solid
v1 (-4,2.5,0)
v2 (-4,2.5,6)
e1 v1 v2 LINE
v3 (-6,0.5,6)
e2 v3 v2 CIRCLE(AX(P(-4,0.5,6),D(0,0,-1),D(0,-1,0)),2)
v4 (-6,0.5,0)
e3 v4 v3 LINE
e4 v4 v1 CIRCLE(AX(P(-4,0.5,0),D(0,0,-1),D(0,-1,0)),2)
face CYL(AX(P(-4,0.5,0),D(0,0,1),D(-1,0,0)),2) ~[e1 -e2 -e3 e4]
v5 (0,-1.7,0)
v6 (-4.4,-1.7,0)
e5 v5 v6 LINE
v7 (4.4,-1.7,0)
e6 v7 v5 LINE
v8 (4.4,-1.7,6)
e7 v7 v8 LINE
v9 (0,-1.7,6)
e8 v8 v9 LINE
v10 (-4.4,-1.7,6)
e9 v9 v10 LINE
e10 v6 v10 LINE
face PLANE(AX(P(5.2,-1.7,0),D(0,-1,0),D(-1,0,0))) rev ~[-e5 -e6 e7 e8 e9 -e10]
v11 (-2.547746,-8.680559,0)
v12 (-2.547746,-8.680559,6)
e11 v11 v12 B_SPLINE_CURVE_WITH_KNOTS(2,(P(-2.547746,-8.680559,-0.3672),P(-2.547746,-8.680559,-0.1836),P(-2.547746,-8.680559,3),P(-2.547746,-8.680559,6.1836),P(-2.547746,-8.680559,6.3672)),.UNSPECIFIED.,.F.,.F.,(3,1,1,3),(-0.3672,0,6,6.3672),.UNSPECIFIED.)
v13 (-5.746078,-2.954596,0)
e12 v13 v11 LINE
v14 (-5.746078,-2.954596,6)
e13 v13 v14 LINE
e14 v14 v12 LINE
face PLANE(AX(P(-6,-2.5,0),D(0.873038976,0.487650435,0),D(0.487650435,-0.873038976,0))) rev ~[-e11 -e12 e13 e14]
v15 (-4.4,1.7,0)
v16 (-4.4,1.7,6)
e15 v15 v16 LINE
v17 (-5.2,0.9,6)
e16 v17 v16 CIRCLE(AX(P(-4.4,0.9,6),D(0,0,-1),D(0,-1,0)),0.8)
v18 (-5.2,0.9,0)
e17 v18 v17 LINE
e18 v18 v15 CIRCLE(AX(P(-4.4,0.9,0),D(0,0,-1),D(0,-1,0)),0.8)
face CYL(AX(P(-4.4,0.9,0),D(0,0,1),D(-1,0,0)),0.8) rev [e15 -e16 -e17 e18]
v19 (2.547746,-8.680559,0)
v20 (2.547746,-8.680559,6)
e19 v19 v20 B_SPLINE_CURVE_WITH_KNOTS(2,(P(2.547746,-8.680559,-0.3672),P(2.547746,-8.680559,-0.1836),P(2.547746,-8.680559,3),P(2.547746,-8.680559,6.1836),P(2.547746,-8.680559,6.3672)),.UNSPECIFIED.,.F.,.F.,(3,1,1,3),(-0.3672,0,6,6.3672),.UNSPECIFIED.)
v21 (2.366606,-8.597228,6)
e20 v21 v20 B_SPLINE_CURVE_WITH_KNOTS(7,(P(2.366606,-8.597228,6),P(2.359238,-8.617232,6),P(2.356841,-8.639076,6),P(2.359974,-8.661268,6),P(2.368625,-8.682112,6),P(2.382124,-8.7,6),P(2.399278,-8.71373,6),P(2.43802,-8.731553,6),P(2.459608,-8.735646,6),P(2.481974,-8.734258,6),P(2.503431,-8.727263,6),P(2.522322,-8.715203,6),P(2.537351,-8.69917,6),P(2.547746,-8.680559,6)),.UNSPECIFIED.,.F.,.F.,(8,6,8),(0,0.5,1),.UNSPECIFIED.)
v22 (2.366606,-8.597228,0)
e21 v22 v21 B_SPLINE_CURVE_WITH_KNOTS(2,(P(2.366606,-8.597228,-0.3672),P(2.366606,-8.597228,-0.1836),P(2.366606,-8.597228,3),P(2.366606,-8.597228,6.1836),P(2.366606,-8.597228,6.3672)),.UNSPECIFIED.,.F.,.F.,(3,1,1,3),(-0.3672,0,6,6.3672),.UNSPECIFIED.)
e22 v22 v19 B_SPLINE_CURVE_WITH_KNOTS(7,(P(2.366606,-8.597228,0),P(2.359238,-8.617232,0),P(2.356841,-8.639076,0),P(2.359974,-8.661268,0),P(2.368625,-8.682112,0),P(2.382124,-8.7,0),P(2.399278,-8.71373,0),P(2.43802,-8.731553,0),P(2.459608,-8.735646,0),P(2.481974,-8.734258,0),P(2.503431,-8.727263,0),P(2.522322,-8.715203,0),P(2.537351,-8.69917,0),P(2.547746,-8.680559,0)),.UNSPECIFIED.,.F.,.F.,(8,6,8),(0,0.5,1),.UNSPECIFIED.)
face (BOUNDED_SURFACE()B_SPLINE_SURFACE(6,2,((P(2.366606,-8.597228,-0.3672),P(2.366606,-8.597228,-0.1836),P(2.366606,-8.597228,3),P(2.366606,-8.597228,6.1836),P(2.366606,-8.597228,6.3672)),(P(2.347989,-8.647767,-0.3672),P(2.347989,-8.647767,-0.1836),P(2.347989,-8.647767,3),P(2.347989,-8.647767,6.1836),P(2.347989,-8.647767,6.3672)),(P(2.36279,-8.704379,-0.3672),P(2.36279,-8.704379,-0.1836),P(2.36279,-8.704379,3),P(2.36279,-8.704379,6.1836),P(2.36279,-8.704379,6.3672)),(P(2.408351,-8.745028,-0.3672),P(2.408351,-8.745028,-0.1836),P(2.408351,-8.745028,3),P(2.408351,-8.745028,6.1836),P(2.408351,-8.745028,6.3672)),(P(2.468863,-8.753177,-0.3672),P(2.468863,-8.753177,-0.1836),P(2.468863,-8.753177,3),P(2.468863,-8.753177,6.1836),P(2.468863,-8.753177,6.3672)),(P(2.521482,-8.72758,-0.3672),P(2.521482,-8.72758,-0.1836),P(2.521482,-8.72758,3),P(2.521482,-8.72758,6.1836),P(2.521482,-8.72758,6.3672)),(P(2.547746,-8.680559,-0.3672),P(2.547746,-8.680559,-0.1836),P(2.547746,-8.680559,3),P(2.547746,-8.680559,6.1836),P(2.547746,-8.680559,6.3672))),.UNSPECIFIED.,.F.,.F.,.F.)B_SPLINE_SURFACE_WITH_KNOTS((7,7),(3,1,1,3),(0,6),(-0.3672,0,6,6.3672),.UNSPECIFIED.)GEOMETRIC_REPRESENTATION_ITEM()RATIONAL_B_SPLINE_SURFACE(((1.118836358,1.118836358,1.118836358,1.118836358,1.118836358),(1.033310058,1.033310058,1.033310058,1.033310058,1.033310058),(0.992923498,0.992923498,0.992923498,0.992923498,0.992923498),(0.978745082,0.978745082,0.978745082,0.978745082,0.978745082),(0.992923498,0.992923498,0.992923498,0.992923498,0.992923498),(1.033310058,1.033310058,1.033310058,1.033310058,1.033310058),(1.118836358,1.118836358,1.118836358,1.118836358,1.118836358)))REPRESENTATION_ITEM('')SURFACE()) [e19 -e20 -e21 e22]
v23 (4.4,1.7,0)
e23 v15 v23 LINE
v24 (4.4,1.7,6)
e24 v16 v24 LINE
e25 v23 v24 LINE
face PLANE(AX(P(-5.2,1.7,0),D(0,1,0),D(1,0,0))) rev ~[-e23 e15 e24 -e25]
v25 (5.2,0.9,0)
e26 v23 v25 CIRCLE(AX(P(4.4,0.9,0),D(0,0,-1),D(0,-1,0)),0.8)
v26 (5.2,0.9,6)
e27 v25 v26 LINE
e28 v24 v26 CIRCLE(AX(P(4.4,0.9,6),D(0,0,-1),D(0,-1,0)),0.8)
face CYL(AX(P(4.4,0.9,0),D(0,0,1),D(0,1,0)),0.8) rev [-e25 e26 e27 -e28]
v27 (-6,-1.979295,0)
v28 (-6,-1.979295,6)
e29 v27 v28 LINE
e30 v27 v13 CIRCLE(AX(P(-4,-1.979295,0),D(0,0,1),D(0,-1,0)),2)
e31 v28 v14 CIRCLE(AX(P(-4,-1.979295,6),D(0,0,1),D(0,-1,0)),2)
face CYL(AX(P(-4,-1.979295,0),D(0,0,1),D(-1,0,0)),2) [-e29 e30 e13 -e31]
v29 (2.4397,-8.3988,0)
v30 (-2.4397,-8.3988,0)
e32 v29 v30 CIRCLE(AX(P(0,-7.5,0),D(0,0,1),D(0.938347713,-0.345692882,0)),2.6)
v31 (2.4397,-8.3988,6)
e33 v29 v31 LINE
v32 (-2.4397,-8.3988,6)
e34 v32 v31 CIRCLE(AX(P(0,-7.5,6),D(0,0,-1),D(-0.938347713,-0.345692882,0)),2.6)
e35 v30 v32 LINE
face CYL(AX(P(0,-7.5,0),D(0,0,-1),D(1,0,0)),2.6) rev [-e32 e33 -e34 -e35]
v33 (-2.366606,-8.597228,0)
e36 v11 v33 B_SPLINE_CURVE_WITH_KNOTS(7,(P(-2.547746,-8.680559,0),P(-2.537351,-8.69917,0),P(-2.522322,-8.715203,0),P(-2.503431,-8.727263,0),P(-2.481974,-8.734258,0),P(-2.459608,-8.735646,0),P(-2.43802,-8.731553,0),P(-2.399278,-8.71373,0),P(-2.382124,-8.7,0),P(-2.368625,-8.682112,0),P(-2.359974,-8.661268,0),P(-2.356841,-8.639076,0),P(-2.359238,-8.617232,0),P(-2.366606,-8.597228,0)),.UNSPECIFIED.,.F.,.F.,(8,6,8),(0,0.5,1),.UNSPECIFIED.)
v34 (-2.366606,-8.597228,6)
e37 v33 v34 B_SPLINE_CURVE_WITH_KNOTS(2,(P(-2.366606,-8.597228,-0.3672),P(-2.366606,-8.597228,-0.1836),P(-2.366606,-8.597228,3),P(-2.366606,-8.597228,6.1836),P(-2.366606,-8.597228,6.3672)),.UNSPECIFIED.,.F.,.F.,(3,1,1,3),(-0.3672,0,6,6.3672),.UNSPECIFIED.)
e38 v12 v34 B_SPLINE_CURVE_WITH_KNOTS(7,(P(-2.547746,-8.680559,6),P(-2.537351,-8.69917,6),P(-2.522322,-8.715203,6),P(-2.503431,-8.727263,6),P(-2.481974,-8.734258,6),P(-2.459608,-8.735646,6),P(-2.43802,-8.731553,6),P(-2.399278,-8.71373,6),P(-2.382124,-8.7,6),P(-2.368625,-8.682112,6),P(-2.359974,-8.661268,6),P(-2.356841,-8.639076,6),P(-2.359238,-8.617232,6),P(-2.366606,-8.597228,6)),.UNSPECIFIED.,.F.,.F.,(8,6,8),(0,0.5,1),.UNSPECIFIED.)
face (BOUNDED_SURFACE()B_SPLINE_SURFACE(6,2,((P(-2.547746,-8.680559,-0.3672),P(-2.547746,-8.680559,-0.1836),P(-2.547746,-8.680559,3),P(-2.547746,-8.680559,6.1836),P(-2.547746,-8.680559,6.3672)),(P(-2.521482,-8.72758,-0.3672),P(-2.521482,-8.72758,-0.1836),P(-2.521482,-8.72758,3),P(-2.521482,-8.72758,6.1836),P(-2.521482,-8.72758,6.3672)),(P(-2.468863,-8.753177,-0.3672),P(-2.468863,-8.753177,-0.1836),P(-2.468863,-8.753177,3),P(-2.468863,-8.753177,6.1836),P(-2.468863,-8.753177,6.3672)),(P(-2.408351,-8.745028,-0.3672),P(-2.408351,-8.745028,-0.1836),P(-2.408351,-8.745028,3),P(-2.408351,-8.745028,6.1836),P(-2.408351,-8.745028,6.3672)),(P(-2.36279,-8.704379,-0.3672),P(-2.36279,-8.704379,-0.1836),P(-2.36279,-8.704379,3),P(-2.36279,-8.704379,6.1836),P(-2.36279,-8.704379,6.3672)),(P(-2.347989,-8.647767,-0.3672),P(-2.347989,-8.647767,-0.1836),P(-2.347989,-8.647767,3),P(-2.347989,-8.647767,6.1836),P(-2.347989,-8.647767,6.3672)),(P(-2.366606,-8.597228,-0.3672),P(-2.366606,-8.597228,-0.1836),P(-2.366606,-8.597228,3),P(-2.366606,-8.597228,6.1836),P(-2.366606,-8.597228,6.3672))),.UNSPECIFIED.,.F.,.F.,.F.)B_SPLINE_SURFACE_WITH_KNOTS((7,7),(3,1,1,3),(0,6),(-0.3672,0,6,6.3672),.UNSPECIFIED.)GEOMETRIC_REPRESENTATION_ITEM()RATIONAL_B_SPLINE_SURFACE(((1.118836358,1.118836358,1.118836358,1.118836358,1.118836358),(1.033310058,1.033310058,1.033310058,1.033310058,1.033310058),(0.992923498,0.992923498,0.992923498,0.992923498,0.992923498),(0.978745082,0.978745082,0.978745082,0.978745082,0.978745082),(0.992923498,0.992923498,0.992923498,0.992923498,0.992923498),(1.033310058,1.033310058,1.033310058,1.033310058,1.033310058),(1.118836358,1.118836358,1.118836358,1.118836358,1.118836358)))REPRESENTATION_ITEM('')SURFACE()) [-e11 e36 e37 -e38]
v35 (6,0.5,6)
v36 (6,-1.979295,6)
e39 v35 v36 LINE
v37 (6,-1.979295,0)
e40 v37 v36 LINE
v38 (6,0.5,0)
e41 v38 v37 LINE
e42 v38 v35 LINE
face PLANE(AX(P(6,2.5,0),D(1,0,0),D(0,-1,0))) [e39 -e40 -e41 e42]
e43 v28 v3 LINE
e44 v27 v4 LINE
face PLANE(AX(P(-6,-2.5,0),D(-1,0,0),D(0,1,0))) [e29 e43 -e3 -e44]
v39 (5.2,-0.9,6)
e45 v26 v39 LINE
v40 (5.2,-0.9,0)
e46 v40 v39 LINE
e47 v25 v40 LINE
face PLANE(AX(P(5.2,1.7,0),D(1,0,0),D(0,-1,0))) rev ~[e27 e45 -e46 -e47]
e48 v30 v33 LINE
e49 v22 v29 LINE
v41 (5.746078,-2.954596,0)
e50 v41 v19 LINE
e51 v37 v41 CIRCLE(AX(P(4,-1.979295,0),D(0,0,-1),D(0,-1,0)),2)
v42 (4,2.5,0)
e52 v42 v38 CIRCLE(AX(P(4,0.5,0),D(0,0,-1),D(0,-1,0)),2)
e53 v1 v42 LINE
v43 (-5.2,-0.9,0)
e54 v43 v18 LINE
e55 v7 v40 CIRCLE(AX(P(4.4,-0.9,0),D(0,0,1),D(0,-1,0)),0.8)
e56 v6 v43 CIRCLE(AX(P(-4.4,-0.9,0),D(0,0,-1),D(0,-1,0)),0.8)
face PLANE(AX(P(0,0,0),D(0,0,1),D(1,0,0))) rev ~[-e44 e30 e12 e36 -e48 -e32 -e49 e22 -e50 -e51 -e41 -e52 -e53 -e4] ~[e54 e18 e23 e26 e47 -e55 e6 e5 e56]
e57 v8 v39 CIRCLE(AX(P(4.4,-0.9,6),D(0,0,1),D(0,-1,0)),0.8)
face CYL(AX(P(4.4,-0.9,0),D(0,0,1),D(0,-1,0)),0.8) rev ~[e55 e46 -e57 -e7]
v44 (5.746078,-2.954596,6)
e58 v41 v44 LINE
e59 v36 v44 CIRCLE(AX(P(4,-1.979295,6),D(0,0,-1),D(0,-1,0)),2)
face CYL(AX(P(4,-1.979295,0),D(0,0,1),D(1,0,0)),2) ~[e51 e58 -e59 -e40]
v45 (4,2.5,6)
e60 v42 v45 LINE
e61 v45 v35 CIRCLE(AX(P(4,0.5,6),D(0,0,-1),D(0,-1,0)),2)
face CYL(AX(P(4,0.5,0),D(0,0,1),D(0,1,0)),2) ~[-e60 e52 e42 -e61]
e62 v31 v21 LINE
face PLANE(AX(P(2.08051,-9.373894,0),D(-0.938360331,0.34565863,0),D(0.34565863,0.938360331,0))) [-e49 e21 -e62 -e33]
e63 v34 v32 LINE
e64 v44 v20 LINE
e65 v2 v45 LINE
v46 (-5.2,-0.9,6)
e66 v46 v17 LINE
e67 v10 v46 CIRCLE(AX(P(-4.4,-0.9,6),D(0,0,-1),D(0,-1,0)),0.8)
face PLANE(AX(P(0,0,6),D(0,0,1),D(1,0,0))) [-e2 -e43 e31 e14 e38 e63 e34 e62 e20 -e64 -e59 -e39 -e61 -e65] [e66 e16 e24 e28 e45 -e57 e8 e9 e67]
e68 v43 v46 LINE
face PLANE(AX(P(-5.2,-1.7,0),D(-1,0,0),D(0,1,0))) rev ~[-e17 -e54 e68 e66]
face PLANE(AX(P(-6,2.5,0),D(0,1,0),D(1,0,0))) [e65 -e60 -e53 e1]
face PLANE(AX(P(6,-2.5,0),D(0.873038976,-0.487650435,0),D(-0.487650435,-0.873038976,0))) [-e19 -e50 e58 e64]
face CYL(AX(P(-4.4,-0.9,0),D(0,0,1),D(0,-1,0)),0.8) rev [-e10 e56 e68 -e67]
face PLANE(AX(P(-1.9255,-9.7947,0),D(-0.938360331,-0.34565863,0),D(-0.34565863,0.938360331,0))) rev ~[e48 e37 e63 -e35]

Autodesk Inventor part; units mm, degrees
ref_plane "YZ Plane" through (0, 0, 0) normal (1, 0, 0) x (0, 1, 0)
ref_plane "XZ Plane" through (0, 0, 0) normal (0, 1, 0) x (-1, 0, 0)
ref_plane "XY Plane" through (0, 0, 0) normal (0, 0, 1) x (1, 0, 0)
sketch "Sketch1" plane through (0, 0, 0) normal (0, 0, 1) x (1, 0, 0)
  line L0 (-5.2, 1.7) -> (5.2, 1.7)
  line L1 (5.2, 1.7) -> (5.2, -1.7)
  line L2 (5.2, -1.7) -> (-5.2, -1.7)
  line L3 (-5.2, -1.7) -> (-5.2, 1.7)
  line L4 (-5.2, 1.7) -> (5.2, -1.7) construction
  line L5 (5.2, 1.7) -> (-5.2, -1.7) construction
  line L6 (0, 0) -> (0, -7.5)
  circle A0 centre (0, -7.5) radius 2.6
  line L7 (-6, 2.5) -> (6, 2.5)
  line L8 (6, 2.5) -> (6, -2.5)
  line L9 (6, -2.5) -> (-6, -2.5)
  line L10 (-6, -2.5) -> (-6, 2.5)
  line L11 (-6, 2.5) -> (6, -2.5) construction
  line L12 (6, 2.5) -> (-6, -2.5) construction
  circle A1 centre (0, -7.5) radius 2.8
  line L13 (-6, -2.5) -> (-2.4445, -8.8654)
  line L14 (6, -2.5) -> (2.4445, -8.8654)
  line L15 (0, -7.5) -> (2.1964, -10.1176)
  line L16 (0, -7.5) -> (3.417, -7.5) construction
  line L17 (0, -7.5) -> (-2.5132, -10.4951)
  line L18 (0, -7.5) -> (3.9099, -7.5) construction
  line L19 (2.4445, -8.8654) -> (1.9255, -9.7947)
  line L20 (-2.4445, -8.8654) -> (-1.9255, -9.7947)
  line L21 (-1.9255, -9.7947) -> (-2.4397, -8.3988)
  line L22 (1.9255, -9.7947) -> (2.4397, -8.3988)
  point P0 (-2.2345, -8.8294)
  point P1 (2.2345, -8.8294)
  point P2 (-2.5783, -7.8348)
  point P3 (2.5783, -7.8348)
  dimension "d0" = 10.4
  dimension "d1" = 3.4
  dimension "d2" = 7.5
  dimension "d3" = 5.2
  dimension "d4" = 12
  dimension "d5" = 5
  dimension "d9" = 5.6
  dimension "d10" = 50
  dimension "d11" = 130
extrude "Extrusion1" add sketch "Sketch1" along normal blind 6 contours L9 L10 L7 L8 | L9 L14 A1 L6 | L6 A1 L13 L9 | A1 L22 A0 L6 | L6 A0 L21 A1 | A1 L21 L20 | L19 L22 A1
fillet "Fillet1" radius 2 4 edges at (-6, 2.5, 3) (6, 2.5, 3) (-6, -2.5, 3) (6, -2.5, 3)
fillet "Fillet2" radius 0.1 2 edges at (-1.9255, -9.7947, 3) (1.9255, -9.7947, 3)
fillet "Fillet3" radius 0.8 4 edges at (5.2, -1.7, 3) (5.2, 1.7, 3) (-5.2, -1.7, 3) (-5.2, 1.7, 3)
properties part number "Turret_Holder_2_test_pt2"
